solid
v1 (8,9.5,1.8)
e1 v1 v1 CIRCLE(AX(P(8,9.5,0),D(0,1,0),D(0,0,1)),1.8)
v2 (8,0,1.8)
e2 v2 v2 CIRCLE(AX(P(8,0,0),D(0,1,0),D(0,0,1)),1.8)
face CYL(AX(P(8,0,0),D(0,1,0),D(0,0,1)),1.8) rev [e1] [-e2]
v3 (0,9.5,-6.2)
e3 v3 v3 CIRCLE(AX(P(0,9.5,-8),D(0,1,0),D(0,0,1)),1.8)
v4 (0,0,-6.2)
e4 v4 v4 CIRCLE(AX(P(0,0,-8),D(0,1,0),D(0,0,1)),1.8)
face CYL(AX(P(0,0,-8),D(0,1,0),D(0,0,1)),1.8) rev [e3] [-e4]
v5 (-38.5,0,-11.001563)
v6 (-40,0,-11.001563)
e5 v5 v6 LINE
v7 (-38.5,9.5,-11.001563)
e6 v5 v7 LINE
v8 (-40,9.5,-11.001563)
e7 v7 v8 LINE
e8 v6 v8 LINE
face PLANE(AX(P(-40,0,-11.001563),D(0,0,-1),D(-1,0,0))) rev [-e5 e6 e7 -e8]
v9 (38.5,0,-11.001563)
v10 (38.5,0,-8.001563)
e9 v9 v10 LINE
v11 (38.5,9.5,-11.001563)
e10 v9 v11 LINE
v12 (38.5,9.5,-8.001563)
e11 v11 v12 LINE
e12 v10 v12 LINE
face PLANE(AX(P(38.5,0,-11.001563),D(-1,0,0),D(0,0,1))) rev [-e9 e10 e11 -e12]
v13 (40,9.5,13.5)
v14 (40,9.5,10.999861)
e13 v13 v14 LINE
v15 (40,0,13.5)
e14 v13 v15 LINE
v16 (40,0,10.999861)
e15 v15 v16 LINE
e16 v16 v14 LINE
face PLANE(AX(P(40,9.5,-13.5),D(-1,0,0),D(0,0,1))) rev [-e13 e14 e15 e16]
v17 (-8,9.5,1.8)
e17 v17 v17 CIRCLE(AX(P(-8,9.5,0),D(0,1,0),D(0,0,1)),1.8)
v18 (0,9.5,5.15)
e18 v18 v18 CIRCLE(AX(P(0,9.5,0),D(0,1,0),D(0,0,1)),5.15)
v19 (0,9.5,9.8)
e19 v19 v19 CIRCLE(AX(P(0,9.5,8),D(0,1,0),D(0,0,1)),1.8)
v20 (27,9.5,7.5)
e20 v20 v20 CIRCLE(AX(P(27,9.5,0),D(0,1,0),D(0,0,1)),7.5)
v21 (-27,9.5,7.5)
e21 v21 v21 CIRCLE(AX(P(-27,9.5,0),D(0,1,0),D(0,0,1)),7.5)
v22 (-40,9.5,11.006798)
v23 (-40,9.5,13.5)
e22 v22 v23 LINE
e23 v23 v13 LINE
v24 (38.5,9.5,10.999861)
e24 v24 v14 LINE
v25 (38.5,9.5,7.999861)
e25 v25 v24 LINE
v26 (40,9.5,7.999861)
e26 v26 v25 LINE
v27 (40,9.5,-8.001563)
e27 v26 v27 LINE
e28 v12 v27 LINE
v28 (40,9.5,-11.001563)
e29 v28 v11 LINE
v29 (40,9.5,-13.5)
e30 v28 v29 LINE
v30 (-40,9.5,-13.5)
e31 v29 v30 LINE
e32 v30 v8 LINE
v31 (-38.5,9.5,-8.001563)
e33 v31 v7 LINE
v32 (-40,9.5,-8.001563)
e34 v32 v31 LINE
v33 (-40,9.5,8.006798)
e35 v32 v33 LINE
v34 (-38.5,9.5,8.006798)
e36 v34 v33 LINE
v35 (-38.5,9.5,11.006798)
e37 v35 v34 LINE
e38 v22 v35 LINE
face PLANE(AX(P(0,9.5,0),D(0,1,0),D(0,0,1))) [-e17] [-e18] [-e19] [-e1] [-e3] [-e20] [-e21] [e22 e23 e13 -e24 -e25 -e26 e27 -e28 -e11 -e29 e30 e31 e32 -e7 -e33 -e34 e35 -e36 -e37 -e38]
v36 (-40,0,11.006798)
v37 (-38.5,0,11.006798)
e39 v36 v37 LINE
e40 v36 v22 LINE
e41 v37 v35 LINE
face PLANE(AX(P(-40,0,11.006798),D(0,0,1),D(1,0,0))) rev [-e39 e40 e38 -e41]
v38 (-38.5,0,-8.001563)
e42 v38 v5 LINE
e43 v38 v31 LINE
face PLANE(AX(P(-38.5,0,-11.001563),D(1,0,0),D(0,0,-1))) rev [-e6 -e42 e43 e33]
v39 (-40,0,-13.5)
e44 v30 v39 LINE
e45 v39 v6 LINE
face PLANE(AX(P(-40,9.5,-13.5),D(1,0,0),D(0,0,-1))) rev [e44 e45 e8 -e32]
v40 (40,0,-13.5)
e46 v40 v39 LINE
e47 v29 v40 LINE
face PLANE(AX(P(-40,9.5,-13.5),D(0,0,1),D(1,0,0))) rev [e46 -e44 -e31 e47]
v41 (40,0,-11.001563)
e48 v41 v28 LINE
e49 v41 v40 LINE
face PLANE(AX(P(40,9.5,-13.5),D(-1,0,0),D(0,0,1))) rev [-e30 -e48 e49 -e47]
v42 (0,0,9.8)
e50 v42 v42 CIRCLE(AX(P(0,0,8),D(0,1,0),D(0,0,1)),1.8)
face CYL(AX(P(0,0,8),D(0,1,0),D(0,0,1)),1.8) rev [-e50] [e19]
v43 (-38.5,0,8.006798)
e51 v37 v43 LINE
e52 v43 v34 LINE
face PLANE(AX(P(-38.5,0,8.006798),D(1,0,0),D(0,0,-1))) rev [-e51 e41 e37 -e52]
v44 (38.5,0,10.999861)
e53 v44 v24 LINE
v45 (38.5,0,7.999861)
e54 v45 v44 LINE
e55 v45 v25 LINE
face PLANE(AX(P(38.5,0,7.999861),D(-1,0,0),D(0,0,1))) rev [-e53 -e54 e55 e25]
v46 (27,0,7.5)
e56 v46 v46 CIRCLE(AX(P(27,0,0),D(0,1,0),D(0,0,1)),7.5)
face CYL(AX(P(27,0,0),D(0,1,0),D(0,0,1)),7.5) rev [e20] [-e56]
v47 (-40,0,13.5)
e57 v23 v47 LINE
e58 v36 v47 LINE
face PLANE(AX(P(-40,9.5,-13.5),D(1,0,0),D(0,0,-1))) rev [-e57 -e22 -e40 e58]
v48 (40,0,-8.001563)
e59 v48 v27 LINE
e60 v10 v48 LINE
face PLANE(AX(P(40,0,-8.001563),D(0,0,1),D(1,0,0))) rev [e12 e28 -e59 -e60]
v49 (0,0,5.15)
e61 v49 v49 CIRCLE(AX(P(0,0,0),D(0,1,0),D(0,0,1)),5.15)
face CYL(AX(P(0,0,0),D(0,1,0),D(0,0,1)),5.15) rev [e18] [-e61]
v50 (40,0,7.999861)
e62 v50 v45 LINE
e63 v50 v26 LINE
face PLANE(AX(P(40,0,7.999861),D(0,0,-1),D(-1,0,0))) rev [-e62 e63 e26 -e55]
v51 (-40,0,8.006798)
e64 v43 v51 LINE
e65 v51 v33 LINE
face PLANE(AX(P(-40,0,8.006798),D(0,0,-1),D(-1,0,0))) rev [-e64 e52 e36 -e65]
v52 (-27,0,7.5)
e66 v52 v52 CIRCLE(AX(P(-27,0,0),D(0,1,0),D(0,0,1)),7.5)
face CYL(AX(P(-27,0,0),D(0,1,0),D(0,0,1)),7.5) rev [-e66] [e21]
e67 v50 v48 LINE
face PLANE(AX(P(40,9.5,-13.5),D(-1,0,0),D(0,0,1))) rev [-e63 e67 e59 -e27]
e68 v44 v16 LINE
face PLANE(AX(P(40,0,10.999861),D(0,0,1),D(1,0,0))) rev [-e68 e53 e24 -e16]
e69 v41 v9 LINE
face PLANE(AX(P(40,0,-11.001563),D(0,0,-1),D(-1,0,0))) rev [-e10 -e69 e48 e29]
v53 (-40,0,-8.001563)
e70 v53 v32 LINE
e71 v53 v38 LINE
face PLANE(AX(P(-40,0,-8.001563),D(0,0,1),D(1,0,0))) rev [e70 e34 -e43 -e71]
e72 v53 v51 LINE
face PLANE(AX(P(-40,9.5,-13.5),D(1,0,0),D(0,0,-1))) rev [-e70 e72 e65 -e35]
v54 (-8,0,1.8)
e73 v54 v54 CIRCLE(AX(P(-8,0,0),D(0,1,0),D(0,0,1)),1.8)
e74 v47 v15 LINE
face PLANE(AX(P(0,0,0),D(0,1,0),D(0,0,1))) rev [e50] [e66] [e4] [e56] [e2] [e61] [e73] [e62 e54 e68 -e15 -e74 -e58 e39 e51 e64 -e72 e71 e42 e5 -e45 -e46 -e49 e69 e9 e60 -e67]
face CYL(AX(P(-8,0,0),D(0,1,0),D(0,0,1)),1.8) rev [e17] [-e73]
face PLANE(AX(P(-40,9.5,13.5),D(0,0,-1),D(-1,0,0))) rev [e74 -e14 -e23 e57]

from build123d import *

# Parameters (mm, degrees)
SKETCH_1_W          = 80
SKETCH_1_H          = 27
EXTRUDE_1_DEPTH     = 9.5
SKETCH_3_R          = 7.5
CUT_EXTRUDE_1_DEPTH = 44.272393047
SKETCH_4_R          = 5.15
CUT_EXTRUDE_2_DEPTH = 44.272393047
SKETCH_5_R          = 1.8
CUT_EXTRUDE_3_DEPTH = 44.272393047
SKETCH_7_W          = 1.5
SKETCH_7_H          = 3
CUT_EXTRUDE_4_DEPTH = 44.272393047


with BuildPart() as part:
    # 草图1 → 凸台-拉伸1 (new body)
    with BuildSketch(Plane(origin=(0, 0, 0), x_dir=(1, 0, 0), z_dir=(0, 1, 0))):
        Rectangle(SKETCH_1_W, SKETCH_1_H)
    extrude(amount=EXTRUDE_1_DEPTH)

    # 草图3 → 切除-拉伸1 (cut, through all)
    with BuildSketch(Plane(origin=(0, 9.5, 0), x_dir=(1, 0, 0), z_dir=(0, 1, 0))):
        with Locations(Location((-27, 0, 0), (0, 0, 270))):
            Circle(SKETCH_3_R)
        with Locations(Location((27, 0, 0), (0, 0, 270))):
            Circle(SKETCH_3_R)
    extrude(amount=-CUT_EXTRUDE_1_DEPTH, mode=Mode.SUBTRACT)

    # 草图4 → 切除-拉伸2 (cut, through all)
    with BuildSketch(Plane(origin=(0, 9.5, 0), x_dir=(1, 0, 0), z_dir=(0, 1, 0))):
        with Locations(Location((0, 0, 0), (0, 0, 270))):
            Circle(SKETCH_4_R)
    extrude(amount=-CUT_EXTRUDE_2_DEPTH, mode=Mode.SUBTRACT)

    # 草图5 → 切除-拉伸3 (cut, through all)
    with BuildSketch(Plane(origin=(0, 9.5, 0), x_dir=(1, 0, 0), z_dir=(0, 1, 0))):
        with Locations(Location((8, 0, 0), (0, 0, 270))):
            Circle(SKETCH_5_R)
        with Locations(Location((-8, 0, 0), (0, 0, 270))):
            Circle(SKETCH_5_R)
        with Locations(Location((0, 8, 0), (0, 0, 270))):
            Circle(SKETCH_5_R)
        with Locations(Location((0, -8, 0), (0, 0, 270))):
            Circle(SKETCH_5_R)
    extrude(amount=-CUT_EXTRUDE_3_DEPTH, mode=Mode.SUBTRACT)

    # 草图7 → 切除-拉伸4 (cut, through all)
    with BuildSketch(Plane(origin=(0, 9.5, 0), x_dir=(1, 0, 0), z_dir=(0, 1, 0))):
        with Locations((39.25, 9.501563289)):
            Rectangle(SKETCH_7_W, SKETCH_7_H)
        with Locations((39.25, -9.49986112)):
            Rectangle(SKETCH_7_W, SKETCH_7_H)
        with Locations((-39.25, 9.501563289)):
            Rectangle(SKETCH_7_W, SKETCH_7_H)
        with Locations((-39.25, -9.506798333)):
            Rectangle(SKETCH_7_W, SKETCH_7_H)
    extrude(amount=-CUT_EXTRUDE_4_DEPTH, mode=Mode.SUBTRACT)


solid = part.part
